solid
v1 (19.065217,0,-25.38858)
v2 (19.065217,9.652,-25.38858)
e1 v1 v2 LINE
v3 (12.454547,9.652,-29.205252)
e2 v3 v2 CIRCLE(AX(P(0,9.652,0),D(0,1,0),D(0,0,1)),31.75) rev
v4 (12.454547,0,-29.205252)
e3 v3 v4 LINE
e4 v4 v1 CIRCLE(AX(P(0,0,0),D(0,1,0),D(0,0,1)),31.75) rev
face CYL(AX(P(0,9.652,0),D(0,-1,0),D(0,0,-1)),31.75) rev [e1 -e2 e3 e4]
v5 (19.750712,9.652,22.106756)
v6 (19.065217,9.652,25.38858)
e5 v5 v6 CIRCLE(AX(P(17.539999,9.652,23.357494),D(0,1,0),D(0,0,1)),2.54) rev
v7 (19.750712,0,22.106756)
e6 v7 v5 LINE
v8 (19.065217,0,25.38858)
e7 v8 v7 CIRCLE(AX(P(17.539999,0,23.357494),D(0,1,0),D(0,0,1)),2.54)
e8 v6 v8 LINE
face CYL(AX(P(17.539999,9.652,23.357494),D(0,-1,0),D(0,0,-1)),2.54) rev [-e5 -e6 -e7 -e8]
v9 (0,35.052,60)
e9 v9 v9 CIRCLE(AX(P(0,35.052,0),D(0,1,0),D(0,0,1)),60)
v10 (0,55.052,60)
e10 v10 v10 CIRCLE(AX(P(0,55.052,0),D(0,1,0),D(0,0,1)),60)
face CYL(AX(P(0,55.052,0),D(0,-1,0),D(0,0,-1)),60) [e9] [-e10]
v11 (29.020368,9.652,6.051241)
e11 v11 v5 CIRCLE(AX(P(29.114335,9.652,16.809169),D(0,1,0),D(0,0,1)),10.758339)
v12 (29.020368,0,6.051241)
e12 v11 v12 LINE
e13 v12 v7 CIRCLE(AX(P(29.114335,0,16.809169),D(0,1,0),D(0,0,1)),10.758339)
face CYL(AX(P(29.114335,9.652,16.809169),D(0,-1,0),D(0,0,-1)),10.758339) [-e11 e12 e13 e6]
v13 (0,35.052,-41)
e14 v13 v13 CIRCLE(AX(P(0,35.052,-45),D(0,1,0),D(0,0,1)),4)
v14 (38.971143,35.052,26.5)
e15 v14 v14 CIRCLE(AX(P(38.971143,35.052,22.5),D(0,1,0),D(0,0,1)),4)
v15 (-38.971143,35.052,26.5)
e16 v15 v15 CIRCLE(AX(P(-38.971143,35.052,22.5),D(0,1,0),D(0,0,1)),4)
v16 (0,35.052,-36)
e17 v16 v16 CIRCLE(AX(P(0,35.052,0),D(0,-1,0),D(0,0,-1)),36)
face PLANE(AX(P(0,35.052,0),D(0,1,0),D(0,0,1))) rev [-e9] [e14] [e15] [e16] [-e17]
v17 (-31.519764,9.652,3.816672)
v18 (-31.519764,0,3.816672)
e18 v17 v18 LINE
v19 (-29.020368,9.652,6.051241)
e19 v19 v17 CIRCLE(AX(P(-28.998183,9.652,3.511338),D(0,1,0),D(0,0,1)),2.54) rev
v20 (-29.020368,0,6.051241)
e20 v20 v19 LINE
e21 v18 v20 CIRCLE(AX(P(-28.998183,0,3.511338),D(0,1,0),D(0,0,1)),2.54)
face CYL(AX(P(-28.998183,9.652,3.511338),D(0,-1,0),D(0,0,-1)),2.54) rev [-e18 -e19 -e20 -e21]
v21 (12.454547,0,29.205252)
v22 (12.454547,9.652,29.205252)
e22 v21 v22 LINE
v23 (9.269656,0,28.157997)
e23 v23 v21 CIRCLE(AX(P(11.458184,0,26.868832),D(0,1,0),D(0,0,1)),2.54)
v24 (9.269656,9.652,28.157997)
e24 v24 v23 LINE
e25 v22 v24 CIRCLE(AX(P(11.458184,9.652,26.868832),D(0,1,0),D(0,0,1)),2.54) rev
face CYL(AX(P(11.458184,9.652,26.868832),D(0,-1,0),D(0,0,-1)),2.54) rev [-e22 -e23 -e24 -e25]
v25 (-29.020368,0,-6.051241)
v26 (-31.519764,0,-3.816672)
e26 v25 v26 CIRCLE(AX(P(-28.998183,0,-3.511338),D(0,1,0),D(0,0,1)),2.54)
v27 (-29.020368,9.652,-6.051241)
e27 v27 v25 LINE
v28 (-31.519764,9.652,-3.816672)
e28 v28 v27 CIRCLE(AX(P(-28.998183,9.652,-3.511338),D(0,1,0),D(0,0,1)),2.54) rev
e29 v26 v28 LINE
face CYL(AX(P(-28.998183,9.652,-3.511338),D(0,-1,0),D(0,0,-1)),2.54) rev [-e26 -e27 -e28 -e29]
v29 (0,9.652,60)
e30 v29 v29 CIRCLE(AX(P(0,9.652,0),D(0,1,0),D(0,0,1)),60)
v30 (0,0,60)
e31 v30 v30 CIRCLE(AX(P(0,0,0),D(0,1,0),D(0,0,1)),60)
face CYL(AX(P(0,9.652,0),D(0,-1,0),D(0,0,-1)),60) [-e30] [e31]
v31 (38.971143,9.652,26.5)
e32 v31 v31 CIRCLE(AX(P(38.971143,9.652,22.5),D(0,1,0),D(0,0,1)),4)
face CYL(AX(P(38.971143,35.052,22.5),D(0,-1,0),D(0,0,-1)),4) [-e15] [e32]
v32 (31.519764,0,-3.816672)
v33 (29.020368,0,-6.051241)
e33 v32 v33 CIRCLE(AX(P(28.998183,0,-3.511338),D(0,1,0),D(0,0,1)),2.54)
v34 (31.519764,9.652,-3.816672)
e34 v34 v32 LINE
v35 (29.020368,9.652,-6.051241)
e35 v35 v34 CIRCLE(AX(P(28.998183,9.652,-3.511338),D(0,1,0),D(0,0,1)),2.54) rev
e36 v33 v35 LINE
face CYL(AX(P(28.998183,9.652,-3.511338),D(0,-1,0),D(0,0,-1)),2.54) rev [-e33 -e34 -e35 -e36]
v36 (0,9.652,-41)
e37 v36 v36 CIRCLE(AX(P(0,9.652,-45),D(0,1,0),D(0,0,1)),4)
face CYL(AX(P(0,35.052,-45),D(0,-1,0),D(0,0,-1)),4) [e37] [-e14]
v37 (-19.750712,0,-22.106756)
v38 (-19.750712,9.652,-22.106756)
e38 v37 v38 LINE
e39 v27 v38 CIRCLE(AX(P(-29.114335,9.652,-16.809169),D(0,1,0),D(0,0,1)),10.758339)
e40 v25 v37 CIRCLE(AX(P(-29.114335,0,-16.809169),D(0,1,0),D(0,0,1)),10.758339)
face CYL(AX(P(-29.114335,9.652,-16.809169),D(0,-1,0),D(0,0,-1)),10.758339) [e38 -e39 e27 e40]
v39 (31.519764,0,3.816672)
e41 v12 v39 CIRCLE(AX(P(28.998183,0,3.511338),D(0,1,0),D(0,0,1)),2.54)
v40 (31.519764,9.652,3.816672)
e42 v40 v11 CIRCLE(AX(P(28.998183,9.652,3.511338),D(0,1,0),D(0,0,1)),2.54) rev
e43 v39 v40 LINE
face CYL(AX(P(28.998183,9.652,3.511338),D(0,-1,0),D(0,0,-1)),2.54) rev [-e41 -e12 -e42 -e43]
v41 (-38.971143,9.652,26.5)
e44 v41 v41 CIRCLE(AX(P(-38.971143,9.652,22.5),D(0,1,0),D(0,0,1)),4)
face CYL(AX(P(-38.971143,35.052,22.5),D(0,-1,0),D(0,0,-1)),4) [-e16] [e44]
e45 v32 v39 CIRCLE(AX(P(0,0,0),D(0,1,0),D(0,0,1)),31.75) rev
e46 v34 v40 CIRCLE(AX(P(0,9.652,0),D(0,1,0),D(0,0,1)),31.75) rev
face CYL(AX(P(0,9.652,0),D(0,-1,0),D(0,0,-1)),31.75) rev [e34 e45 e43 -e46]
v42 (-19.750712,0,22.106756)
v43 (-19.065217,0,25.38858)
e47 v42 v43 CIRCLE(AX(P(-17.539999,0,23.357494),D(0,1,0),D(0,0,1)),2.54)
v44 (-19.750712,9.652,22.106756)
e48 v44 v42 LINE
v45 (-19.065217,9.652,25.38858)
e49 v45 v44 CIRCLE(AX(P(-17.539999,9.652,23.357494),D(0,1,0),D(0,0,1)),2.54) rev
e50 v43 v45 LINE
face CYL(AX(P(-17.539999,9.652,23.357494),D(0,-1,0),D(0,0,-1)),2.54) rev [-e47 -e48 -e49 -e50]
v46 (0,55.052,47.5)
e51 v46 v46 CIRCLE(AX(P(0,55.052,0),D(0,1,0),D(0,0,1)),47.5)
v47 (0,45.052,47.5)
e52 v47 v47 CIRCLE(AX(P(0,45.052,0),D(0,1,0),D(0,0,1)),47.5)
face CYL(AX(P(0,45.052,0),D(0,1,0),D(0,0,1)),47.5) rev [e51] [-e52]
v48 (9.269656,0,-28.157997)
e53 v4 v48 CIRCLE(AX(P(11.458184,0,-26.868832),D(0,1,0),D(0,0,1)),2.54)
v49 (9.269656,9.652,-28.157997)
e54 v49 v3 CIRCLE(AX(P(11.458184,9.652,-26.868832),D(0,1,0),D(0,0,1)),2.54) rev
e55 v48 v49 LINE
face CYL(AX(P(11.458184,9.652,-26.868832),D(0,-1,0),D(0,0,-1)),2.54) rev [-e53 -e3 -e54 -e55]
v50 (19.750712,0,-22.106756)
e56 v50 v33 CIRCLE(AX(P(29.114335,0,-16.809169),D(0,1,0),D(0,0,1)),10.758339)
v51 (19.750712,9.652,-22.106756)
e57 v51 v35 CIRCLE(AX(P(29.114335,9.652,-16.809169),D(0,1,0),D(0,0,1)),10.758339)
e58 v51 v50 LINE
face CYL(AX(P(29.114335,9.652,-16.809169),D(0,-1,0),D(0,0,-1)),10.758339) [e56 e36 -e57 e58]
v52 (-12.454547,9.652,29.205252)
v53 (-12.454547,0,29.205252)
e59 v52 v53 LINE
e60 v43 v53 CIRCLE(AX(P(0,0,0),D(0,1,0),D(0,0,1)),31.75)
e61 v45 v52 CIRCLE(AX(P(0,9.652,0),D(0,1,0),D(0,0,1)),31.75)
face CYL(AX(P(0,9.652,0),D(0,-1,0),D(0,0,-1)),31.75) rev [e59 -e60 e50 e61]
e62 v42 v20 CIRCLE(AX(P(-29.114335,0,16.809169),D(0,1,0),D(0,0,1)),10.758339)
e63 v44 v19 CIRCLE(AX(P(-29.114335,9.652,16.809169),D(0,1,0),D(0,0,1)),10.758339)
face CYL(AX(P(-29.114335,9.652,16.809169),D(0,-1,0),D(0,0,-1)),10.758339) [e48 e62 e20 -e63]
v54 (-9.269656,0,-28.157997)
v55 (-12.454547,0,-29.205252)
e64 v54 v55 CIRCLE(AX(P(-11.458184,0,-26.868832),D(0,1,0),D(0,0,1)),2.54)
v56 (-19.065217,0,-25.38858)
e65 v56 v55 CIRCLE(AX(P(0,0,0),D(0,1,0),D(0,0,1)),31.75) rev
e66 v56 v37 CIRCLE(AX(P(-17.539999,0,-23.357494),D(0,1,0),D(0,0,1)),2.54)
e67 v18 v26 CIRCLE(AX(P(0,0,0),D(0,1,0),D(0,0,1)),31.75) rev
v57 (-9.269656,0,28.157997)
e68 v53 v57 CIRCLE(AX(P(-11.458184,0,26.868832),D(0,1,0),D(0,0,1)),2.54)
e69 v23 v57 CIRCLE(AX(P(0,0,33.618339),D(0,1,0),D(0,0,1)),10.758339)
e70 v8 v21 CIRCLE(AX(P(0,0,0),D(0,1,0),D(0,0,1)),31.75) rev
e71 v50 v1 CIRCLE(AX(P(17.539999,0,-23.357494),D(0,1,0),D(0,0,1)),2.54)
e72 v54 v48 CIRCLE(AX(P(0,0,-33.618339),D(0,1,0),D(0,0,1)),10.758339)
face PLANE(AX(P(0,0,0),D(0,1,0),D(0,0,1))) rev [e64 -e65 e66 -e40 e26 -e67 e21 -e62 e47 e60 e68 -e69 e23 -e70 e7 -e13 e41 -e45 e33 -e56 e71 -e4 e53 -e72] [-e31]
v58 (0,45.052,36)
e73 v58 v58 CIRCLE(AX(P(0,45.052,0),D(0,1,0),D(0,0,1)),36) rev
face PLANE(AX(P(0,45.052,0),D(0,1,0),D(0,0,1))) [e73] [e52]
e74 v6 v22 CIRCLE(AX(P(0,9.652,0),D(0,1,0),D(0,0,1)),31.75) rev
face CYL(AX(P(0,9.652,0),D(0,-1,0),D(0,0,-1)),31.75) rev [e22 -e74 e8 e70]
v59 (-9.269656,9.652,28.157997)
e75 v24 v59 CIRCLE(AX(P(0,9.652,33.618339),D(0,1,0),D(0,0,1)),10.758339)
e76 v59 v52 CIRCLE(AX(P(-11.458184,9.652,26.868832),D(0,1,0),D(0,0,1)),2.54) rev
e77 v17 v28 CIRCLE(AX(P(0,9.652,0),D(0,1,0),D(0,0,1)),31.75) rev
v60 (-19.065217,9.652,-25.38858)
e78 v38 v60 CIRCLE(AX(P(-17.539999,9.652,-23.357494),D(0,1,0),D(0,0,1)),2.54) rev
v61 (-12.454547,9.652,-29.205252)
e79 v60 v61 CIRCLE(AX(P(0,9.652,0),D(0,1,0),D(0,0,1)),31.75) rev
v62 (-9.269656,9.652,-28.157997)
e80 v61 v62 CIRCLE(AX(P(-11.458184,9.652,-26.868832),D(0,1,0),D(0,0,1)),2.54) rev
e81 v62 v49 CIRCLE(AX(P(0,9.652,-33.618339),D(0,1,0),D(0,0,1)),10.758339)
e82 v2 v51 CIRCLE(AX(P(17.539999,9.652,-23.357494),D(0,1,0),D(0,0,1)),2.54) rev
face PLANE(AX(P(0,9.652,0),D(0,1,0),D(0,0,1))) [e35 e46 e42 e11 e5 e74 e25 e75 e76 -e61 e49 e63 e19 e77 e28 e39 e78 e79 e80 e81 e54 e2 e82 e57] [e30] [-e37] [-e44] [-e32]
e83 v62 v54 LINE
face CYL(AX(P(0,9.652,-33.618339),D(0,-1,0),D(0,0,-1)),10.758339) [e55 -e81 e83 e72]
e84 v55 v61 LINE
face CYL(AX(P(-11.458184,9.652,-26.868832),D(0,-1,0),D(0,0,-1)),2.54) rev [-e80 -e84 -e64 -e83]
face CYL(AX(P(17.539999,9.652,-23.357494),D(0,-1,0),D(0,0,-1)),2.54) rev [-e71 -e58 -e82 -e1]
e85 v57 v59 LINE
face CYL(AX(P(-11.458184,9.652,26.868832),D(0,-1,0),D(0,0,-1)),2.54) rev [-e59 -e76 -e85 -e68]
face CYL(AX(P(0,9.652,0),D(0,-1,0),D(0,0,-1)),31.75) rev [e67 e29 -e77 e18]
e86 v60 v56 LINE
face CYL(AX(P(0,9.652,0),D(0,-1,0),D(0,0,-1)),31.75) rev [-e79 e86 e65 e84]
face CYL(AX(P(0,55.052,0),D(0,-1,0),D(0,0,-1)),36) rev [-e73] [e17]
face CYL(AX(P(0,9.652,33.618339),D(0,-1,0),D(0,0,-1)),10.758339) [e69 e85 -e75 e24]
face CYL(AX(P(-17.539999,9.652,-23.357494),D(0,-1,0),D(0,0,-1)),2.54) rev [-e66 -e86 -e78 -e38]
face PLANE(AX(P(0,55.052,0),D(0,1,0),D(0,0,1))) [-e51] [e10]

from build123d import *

# Parameters (mm, degrees)
SKETCH1_R           = 60
BOSS_EXTRUDE1_DEPTH = 9.652
SKETCH2_R           = 4
BOSS_EXTRUDE2_DEPTH = 25.4
SKETCH3_R           = 60
BOSS_EXTRUDE3_DEPTH = 20
SKETCH5_R           = 36
CUT_EXTRUDE1_DEPTH  = 92.807639682
SKETCH6_R           = 47.5
CUT_EXTRUDE2_DEPTH  = 10
FILLET1_R           = 2.54


with BuildPart() as part:
    # Sketch1 → Boss-Extrude1 (new body)
    with BuildSketch(Plane(origin=(0, 0, 0), x_dir=(1, 0, 0), z_dir=(0, 1, 0))):
        with Locations(Location((0, 0, 0), (0, 0, 270))):
            Circle(SKETCH1_R)
        with BuildLine():
            ThreePointArc((-10.16, 30.080506977), (0, 22.86), (10.16, 30.080506977))
            ThreePointArc((10.16, 30.080506977), (15.875, 27.49630657), (20.970483201, 23.839071591))
            ThreePointArc((20.970483201, 23.839071591), (19.797340731, 11.43), (31.130483201, 6.241435386))
            ThreePointArc((31.130483201, 6.241435386), (31.75, 0), (31.130483201, -6.241435386))
            ThreePointArc((31.130483201, -6.241435386), (19.797340731, -11.43), (20.970483201, -23.839071591))
            ThreePointArc((20.970483201, -23.839071591), (15.875, -27.49630657), (10.16, -30.080506977))
            ThreePointArc((10.16, -30.080506977), (0, -22.86), (-10.16, -30.080506977))
            ThreePointArc((-10.16, -30.080506977), (-15.875, -27.49630657), (-20.970483201, -23.839071591))
            ThreePointArc((-20.970483201, -23.839071591), (-19.797340731, -11.43), (-31.130483201, -6.241435386))
            ThreePointArc((-31.130483201, -6.241435386), (-31.75, 0), (-31.130483201, 6.241435386))
            ThreePointArc((-31.130483201, 6.241435386), (-19.797340731, 11.43), (-20.970483201, 23.839071591))
            ThreePointArc((-20.970483201, 23.839071591), (-15.875, 27.49630657), (-10.16, 30.080506977))
        make_face(mode=Mode.SUBTRACT)
    extrude(amount=BOSS_EXTRUDE1_DEPTH)

    # Sketch2 → Boss-Extrude2 (add)
    with BuildSketch(Plane(origin=(0, 9.652, 0), x_dir=(1, 0, 0), z_dir=(0, 1, 0))):
        with Locations(Location((0, 45, 0), (0, 0, 270))):
            Circle(SKETCH2_R)
        with Locations(Location((38.97114317, -22.5, 0), (0, 0, 270))):
            Circle(SKETCH2_R)
        with Locations(Location((-38.97114317, -22.5, 0), (0, 0, 270))):
            Circle(SKETCH2_R)
    extrude(amount=BOSS_EXTRUDE2_DEPTH)

    # Sketch3 → Boss-Extrude3 (add)
    with BuildSketch(Plane(origin=(0, 35.052, 0), x_dir=(1, 0, 0), z_dir=(0, 1, 0))):
        with Locations(Location((0, 0, 0), (0, 0, 270))):
            Circle(SKETCH3_R)
    extrude(amount=BOSS_EXTRUDE3_DEPTH)

    # Sketch5 → Cut-Extrude1 (cut, through all)
    with BuildSketch(Plane.XZ.offset(-35.052)):
        with Locations(Location((0, 0, 0), (0, 0, 270))):
            Circle(SKETCH5_R)
    extrude(amount=-CUT_EXTRUDE1_DEPTH, mode=Mode.SUBTRACT)

    # Sketch6 → Cut-Extrude2 (cut)
    with BuildSketch(Plane(origin=(0, 55.052, 0), x_dir=(1, 0, 0), z_dir=(0, 1, 0))):
        with Locations(Location((0, 0, 0), (0, 0, 270))):
            Circle(SKETCH6_R)
    extrude(amount=-CUT_EXTRUDE2_DEPTH, mode=Mode.SUBTRACT)

    # Fillet1
    fillet1_edges = [part.edges().sort_by_distance(p)[0] for p in [
        (-10.16, 4.826, 30.080506977),
        (10.16, 4.826, 30.080506977),
        (20.970483201, 4.826, 23.839071591),
        (31.130483201, 4.826, 6.241435386),
        (31.130483201, 4.826, -6.241435386),
        (20.970483201, 4.826, -23.839071591),
        (10.16, 4.826, -30.080506977),
        (-10.16, 4.826, -30.080506977),
        (-20.970483201, 4.826, -23.839071591),
        (-31.130483201, 4.826, -6.241435386),
        (-31.130483201, 4.826, 6.241435386),
        (-20.970483201, 4.826, 23.839071591),
    ]]
    fillet(fillet1_edges, radius=FILLET1_R)


solid = part.part
